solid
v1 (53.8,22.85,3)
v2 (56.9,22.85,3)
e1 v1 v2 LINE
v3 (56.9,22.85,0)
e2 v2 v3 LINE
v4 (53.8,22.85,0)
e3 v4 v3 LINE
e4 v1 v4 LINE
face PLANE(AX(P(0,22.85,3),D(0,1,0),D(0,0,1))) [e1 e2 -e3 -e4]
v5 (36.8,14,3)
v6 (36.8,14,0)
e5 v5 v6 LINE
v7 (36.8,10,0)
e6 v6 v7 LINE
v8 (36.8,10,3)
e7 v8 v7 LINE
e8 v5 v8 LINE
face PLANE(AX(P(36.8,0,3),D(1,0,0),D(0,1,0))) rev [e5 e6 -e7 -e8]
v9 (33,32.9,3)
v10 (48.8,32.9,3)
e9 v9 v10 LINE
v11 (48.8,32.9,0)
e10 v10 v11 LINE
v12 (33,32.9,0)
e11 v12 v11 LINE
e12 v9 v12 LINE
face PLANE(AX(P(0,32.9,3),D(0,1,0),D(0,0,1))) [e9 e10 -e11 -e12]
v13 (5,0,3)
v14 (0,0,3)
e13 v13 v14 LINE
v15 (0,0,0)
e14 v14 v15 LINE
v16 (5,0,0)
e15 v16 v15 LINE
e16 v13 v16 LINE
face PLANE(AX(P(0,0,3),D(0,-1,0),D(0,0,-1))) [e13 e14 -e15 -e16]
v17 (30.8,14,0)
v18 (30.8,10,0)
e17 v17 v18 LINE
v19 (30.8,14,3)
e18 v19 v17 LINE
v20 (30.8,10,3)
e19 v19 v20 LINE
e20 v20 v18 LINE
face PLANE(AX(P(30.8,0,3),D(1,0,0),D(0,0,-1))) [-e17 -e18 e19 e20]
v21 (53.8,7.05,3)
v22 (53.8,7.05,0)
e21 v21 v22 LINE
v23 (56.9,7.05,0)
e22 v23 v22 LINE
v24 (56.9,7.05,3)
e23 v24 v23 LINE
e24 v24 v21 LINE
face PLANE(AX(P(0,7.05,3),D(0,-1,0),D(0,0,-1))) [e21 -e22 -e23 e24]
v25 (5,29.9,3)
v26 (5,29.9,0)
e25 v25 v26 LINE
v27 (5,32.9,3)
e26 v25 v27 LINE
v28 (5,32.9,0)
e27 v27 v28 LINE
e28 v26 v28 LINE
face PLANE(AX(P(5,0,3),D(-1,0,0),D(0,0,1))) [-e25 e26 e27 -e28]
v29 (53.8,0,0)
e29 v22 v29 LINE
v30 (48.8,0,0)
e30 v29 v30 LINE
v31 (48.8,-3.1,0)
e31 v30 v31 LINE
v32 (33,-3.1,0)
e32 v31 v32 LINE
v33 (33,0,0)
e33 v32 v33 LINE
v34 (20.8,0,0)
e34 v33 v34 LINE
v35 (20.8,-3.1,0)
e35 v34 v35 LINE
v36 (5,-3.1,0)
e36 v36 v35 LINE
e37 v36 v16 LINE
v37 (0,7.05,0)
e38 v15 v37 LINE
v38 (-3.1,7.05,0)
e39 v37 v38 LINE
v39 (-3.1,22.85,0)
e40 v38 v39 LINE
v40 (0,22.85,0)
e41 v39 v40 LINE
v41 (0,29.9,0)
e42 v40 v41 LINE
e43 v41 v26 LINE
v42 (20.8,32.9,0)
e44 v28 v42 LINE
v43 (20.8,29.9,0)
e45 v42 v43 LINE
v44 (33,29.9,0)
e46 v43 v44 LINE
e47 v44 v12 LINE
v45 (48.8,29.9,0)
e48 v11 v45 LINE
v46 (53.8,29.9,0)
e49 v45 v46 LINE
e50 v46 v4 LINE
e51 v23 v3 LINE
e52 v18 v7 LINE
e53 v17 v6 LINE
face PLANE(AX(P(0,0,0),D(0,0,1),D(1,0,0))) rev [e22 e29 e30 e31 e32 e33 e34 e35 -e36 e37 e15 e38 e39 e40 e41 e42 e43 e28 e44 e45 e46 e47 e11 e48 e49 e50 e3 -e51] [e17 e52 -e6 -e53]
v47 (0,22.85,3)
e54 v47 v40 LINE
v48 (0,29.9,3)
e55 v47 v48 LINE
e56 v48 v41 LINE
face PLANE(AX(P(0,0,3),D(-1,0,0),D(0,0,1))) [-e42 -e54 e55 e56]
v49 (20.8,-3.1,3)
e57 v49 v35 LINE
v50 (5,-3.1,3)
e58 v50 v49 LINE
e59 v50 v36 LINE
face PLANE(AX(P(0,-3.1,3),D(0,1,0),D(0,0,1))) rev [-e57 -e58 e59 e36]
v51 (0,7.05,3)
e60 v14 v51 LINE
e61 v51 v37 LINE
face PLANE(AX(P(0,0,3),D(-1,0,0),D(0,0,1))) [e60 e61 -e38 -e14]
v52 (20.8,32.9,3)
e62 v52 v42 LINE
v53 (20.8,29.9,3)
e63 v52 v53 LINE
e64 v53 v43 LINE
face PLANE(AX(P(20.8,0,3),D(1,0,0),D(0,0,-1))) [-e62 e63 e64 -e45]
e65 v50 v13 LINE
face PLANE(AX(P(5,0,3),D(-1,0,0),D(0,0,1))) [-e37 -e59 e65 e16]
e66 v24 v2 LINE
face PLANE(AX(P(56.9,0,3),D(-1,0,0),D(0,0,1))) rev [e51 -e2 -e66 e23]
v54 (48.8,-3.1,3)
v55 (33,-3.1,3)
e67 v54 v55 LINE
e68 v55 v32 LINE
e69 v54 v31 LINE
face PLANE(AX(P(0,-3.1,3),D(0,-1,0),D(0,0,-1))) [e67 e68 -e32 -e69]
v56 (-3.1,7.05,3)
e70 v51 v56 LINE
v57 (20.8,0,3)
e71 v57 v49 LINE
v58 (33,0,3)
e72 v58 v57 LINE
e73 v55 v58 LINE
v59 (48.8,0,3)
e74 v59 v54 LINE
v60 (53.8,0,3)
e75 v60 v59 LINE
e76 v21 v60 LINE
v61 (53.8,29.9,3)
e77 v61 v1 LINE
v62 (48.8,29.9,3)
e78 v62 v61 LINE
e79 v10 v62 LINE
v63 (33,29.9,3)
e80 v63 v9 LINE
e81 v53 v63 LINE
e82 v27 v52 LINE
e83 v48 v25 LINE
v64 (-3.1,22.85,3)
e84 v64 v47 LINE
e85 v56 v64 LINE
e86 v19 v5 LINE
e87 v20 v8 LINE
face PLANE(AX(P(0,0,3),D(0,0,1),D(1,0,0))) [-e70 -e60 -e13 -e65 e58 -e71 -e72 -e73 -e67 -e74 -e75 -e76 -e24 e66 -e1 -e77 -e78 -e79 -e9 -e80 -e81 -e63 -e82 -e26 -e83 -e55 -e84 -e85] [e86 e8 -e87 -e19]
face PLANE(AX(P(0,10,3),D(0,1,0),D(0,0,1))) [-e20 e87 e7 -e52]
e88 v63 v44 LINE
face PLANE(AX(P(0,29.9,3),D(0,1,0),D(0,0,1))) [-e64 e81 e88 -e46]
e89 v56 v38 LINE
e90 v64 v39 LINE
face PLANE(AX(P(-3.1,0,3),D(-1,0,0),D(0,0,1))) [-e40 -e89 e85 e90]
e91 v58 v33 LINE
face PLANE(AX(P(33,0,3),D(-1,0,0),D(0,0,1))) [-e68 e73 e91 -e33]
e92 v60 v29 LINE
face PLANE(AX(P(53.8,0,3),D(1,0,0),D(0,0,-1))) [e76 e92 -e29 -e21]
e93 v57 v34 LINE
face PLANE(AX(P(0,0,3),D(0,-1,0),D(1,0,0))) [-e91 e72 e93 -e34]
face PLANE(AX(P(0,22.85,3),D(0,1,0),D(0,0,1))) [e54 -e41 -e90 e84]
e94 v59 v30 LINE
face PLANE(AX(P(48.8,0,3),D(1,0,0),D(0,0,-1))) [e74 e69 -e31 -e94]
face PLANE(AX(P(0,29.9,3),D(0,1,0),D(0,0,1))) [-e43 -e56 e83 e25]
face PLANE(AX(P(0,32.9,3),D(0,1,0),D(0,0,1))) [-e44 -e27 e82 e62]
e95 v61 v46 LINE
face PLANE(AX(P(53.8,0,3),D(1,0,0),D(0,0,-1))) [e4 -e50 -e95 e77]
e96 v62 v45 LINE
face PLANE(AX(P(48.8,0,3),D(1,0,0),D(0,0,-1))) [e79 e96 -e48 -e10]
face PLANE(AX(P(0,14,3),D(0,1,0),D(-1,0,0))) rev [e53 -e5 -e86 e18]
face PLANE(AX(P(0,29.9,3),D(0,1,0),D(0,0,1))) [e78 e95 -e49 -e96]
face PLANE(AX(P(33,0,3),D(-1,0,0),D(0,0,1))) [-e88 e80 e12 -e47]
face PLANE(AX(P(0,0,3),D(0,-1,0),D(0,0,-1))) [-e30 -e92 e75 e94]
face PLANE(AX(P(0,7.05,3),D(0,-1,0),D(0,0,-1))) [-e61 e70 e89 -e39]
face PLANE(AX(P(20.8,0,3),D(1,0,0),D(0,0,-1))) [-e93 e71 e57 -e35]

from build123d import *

# Parameters (mm, degrees)
SKETCH1_W           = 6
SKETCH1_H           = 4
BOSS_EXTRUDE1_DEPTH = 3


with BuildPart() as part:
    # Sketch1 → Boss-Extrude1 (new body)
    with BuildSketch(Plane.XY):
        Polygon((0, 29.9), (5, 29.9), (5, 32.9), (20.8, 32.9), (20.8, 29.9), (33, 29.9), (33, 32.9), (48.8, 32.9), (48.8, 29.9), (53.8, 29.9), (53.8, 22.85), (56.9, 22.85), (56.9, 7.05), (53.8, 7.05), (53.8, 0), (48.8, 0), (48.8, -3.1), (33, -3.1), (33, 0), (20.8, 0), (20.8, -3.1), (5, -3.1), (5, 0), (0, 0), (0, 7.05), (-3.1, 7.05), (-3.1, 22.85), (0, 22.85), align=None)
        with Locations((33.8, 12)):
            Rectangle(SKETCH1_W, SKETCH1_H, mode=Mode.SUBTRACT)
    extrude(amount=BOSS_EXTRUDE1_DEPTH)


solid = part.part
